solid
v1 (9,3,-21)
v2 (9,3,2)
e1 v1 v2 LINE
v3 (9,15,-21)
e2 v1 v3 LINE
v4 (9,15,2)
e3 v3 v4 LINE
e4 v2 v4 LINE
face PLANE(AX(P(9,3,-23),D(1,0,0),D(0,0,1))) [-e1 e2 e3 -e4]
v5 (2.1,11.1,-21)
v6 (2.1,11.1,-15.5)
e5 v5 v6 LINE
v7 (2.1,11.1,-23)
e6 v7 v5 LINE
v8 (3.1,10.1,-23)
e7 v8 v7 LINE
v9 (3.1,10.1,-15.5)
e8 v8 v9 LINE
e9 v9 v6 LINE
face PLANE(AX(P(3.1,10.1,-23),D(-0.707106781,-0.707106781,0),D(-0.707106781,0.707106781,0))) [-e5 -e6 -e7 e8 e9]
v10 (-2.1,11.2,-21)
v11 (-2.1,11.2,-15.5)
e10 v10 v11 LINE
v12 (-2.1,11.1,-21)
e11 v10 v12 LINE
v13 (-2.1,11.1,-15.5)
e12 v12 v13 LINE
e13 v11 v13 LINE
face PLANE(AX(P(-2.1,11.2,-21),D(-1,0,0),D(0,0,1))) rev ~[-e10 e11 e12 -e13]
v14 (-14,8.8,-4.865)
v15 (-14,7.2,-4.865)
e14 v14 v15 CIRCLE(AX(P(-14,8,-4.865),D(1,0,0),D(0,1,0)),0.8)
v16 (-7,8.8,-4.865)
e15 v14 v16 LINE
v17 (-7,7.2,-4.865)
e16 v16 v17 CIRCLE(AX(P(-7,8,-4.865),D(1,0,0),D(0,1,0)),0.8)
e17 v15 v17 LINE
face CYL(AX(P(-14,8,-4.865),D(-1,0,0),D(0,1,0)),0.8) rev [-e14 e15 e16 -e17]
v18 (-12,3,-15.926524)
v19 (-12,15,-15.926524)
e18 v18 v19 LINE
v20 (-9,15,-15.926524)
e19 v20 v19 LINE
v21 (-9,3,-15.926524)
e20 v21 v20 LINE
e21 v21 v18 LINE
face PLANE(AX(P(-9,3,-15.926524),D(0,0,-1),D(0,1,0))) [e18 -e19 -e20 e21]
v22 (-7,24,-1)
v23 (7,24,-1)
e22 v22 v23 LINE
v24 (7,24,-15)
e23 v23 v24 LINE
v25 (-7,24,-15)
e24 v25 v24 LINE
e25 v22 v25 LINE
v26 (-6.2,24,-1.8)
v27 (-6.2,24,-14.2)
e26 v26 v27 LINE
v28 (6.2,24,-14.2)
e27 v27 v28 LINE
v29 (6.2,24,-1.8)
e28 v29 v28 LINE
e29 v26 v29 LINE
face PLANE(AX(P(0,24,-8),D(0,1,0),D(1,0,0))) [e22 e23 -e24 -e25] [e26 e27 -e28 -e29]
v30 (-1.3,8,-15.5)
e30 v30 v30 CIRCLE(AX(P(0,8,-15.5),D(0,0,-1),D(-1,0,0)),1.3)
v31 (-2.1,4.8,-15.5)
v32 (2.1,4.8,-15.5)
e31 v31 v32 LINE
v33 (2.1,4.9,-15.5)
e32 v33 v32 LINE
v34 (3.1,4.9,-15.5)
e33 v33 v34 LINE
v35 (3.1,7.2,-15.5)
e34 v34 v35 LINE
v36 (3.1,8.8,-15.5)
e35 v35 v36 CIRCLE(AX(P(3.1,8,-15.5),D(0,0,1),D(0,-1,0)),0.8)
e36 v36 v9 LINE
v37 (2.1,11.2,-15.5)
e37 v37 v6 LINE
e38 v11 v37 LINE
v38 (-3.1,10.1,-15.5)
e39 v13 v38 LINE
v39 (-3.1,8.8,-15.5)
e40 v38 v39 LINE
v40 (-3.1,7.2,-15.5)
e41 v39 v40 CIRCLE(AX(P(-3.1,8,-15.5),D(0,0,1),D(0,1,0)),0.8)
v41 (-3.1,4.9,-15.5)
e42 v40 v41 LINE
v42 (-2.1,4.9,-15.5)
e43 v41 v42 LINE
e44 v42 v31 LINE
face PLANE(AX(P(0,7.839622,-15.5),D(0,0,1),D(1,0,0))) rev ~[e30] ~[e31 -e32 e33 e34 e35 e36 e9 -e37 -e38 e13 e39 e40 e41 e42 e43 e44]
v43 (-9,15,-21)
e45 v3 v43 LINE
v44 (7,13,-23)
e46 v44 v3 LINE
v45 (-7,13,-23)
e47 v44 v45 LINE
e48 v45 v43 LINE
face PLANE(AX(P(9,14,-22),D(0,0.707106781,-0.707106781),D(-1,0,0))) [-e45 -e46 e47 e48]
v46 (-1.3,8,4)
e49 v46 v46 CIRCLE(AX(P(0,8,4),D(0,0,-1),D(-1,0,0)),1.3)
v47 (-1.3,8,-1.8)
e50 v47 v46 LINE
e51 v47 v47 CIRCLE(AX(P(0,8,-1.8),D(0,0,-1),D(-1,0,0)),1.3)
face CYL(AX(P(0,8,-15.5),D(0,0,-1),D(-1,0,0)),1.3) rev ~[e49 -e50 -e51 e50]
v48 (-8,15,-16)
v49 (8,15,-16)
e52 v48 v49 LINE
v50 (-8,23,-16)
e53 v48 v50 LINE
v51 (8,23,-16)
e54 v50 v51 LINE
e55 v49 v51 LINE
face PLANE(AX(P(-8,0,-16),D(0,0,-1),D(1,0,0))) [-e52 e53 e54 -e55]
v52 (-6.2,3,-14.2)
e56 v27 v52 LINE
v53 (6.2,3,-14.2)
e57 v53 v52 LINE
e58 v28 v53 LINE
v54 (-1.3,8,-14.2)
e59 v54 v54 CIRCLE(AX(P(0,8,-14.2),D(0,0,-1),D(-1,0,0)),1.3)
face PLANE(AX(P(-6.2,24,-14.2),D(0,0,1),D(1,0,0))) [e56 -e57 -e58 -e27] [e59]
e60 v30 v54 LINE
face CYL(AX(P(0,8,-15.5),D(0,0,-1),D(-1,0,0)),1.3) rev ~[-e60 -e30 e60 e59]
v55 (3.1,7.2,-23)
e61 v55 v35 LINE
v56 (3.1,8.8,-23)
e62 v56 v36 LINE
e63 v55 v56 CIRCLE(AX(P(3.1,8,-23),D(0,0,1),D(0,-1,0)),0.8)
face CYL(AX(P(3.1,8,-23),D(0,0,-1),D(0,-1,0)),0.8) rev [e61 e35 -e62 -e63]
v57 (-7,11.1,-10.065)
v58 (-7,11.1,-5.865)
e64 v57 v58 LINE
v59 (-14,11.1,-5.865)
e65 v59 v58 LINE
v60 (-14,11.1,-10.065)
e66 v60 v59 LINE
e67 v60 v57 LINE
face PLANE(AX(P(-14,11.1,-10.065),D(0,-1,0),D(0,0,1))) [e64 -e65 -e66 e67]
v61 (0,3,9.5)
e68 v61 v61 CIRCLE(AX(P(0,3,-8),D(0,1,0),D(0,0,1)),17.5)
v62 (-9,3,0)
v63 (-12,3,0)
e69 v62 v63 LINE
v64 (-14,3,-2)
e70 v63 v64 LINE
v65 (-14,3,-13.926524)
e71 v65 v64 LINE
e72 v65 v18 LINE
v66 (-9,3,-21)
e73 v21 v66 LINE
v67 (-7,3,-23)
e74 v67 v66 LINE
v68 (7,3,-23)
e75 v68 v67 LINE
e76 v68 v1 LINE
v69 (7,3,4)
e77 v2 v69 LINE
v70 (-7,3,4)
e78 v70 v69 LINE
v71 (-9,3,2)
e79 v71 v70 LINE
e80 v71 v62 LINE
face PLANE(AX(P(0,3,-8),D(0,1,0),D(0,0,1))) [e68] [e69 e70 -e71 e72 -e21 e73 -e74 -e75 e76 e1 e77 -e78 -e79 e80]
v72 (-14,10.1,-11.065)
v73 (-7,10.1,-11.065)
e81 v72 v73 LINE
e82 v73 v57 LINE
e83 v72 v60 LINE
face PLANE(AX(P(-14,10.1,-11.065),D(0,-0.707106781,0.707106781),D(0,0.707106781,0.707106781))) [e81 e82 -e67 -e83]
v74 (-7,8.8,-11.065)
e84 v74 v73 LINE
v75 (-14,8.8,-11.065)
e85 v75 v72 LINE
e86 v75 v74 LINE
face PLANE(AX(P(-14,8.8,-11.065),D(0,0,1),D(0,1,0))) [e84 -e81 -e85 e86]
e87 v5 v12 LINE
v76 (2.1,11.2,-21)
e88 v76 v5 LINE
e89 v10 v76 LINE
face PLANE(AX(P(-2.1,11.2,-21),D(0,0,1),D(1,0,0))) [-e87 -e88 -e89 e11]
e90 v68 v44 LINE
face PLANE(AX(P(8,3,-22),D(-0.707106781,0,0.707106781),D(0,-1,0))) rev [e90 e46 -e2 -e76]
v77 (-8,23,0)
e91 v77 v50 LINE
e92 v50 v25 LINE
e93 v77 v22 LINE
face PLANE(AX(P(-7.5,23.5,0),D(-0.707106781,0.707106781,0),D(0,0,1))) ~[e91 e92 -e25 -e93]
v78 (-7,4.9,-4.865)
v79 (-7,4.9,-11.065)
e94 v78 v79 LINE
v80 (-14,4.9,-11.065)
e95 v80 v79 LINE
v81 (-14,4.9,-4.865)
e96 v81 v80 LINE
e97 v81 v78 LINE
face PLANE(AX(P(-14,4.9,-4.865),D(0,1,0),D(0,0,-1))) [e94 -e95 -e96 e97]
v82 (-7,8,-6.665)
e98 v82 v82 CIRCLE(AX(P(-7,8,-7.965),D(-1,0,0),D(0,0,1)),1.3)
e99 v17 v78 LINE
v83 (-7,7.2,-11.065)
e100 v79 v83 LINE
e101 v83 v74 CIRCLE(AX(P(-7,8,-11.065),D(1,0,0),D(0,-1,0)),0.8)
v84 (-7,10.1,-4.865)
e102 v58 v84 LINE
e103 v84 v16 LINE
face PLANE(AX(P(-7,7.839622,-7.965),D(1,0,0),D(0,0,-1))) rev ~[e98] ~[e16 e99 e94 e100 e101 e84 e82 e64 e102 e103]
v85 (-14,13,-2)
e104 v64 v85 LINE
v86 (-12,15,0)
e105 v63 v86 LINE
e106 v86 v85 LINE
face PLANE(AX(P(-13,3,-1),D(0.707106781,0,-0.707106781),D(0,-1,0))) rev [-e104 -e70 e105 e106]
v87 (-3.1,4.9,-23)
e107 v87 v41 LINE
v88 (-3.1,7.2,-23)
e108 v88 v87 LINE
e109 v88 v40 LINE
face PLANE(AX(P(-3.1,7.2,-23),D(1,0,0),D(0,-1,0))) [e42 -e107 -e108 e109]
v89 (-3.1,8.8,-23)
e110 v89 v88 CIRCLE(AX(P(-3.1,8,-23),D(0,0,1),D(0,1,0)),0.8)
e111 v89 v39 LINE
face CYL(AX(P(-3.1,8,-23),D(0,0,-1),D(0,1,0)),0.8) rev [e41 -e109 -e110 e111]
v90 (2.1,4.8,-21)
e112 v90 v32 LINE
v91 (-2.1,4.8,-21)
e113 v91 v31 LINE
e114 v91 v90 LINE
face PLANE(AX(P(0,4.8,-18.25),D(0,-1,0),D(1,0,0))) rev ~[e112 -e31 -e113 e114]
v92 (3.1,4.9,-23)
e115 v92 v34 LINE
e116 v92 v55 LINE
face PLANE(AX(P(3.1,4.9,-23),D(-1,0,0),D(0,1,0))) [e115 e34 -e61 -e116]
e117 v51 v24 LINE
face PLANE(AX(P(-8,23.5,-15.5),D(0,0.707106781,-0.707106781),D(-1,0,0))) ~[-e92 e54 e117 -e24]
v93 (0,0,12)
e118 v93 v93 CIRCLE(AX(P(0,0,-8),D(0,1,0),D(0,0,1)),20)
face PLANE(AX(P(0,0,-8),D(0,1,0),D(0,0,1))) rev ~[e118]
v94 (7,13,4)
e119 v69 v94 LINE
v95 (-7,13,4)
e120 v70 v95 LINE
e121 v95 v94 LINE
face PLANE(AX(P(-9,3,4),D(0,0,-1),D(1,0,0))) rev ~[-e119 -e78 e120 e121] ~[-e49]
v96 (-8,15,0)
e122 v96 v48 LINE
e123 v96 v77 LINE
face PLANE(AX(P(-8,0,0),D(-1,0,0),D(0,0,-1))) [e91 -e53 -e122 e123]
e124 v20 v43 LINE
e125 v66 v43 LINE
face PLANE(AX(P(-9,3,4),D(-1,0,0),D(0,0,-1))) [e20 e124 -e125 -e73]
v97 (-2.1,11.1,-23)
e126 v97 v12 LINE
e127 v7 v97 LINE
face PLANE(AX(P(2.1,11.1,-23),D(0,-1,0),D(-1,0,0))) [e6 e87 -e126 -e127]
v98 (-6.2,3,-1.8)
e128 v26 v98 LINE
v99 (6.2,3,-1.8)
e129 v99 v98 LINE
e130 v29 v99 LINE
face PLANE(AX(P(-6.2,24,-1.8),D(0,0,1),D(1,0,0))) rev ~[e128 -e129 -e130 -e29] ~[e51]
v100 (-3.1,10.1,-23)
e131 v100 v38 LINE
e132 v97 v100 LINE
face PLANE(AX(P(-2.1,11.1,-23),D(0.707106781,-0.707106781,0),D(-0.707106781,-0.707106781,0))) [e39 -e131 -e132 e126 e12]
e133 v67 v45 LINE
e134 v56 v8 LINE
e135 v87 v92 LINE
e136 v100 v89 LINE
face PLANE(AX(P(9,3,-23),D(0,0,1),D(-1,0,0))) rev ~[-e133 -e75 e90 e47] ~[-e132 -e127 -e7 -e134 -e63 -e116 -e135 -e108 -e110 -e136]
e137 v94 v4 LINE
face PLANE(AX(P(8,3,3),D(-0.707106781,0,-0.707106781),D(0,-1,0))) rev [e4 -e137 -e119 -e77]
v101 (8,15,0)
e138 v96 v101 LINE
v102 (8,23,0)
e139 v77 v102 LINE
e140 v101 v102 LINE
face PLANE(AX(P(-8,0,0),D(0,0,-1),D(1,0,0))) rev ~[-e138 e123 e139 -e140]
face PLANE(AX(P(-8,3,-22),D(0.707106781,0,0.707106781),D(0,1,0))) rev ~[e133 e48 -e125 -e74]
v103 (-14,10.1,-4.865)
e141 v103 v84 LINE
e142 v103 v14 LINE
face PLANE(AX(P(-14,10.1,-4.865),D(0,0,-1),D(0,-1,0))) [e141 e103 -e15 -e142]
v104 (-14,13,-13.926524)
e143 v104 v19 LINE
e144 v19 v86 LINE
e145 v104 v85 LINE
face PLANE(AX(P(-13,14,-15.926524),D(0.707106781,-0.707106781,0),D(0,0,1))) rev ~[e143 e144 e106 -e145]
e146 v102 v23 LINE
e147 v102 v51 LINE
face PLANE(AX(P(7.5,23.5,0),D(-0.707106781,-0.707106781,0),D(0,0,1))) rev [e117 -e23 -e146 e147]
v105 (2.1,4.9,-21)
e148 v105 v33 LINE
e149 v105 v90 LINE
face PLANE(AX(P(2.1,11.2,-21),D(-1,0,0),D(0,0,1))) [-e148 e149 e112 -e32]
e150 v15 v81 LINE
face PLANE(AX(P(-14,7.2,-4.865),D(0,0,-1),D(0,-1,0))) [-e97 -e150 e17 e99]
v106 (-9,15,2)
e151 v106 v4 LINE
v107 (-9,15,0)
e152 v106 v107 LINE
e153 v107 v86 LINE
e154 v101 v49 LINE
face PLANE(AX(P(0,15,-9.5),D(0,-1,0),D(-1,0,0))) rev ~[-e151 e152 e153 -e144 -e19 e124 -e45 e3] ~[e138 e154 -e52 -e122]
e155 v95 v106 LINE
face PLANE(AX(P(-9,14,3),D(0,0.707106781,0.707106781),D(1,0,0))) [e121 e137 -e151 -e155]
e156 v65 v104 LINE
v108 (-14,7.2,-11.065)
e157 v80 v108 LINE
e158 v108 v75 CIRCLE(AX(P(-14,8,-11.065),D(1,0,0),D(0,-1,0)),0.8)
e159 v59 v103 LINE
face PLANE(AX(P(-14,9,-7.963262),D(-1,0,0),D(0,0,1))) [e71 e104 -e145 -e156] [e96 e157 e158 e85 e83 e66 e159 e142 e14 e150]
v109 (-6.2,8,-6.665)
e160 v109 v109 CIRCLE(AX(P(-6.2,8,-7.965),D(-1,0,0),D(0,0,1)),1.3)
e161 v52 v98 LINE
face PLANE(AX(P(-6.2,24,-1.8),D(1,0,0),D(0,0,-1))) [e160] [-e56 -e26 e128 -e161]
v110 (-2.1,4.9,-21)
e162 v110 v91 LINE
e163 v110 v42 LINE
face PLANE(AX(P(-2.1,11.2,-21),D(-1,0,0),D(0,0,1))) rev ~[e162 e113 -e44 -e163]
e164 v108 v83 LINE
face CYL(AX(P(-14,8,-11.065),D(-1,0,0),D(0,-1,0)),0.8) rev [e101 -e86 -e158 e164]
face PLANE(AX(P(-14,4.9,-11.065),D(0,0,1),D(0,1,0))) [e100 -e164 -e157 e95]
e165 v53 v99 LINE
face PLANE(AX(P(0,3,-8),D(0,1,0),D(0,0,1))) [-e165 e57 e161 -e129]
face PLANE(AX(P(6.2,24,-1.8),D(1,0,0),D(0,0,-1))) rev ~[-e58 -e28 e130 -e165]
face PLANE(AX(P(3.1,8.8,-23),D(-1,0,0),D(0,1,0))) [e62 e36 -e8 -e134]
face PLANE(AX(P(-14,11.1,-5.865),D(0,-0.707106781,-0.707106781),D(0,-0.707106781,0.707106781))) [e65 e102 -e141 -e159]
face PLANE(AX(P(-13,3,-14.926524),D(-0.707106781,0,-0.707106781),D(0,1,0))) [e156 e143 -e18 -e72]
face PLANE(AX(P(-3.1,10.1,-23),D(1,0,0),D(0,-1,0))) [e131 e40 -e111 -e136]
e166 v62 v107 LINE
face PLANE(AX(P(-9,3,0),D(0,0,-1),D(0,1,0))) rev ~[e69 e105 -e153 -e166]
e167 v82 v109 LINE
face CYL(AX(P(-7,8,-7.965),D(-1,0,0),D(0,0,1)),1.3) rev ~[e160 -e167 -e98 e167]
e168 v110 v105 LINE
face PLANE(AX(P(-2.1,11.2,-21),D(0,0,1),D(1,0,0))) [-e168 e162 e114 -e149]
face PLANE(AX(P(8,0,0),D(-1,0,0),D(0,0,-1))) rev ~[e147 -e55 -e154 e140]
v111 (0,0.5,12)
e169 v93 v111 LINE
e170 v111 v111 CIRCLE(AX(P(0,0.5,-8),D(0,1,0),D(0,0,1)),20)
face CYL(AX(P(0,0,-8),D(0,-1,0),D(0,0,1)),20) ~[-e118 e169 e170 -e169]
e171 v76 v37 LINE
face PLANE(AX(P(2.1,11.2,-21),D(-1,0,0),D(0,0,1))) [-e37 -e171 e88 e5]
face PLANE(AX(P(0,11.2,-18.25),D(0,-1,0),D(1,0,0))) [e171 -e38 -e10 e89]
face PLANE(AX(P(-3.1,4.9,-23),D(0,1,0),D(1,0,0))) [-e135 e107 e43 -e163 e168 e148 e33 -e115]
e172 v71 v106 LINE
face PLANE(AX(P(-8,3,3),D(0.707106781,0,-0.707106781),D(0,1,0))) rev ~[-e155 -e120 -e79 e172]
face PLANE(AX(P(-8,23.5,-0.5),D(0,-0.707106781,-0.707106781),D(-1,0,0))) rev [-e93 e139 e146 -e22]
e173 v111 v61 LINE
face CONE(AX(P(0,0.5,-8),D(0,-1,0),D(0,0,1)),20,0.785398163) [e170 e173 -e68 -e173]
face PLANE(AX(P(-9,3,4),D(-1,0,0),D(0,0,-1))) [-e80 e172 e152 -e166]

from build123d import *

# Parameters (mm, degrees)
SKETCH1_W               = 16
SKETCH1_H               = 16
BOSS_EXTRUDE1_DEPTH     = 24
SKETCH12_W              = 12.4
SKETCH12_H              = 12.4
CUT_EXTRUDE6_DEPTH      = 22
SKETCH13_R              = 20
BOSS_EXTRUDE2_DEPTH     = 3
CHAMFER1_SIZE           = 2.5
SKETCH14_W              = 16
SKETCH14_H              = 16
BOSS_EXTRUDE3_DEPTH     = 12
CUT_EXTRUDE1_DEPTH      = 7.5
CUT_EXTRUDE5_DEPTH      = 6.3
CUT_EXTRUDE5_DEPTH_BACK = 0.1
SKETCH11_W              = 4.2
SKETCH11_H              = 5.5
CHAMFER2_SIZE           = 2
CHAMFER4_SIZE           = 2
SKETCH15_R              = 1.3
CUT_EXTRUDE7_DEPTH      = 42.620307543
CHAMFER5_SIZE           = 1
ESQUISSE3_W             = 15.926523834
ESQUISSE3_H             = 12
BOSS_EXTRU_1_DEPTH      = 5
ENL_V_MAT_EXTRU_1_DEPTH = 7
ESQUISSE5_R             = 1.3
ENL_V_MAT_EXTRU_2_DEPTH = 5
CHANFREIN2_SIZE         = 2
CHANFREIN3_SIZE         = 2
CHANFREIN4_SIZE         = 2


with BuildPart() as part:
    # Sketch1 → Boss-Extrude1 (new body)
    with BuildSketch(Plane(origin=(0, 0, 0), x_dir=(1, 0, 0), z_dir=(0, 1, 0))):
        with Locations((0, 8)):
            Rectangle(SKETCH1_W, SKETCH1_H)
    extrude(amount=BOSS_EXTRUDE1_DEPTH)

    # Sketch12 → Cut-Extrude6 (cut)
    with BuildSketch(Plane(origin=(0, 24, 0), x_dir=(1, 0, 0), z_dir=(0, 1, 0))):
        with Locations((0, 8)):
            Rectangle(SKETCH12_W, SKETCH12_H)
    extrude(amount=-CUT_EXTRUDE6_DEPTH, mode=Mode.SUBTRACT)

    # Sketch13 → Boss-Extrude2 (add)
    with BuildSketch(Plane(origin=(0, 0, 0), x_dir=(1, 0, 0), z_dir=(0, 1, 0))):
        with Locations(Location((0, 8, 0), (0, 0, 270))):
            Circle(SKETCH13_R)
    extrude(amount=BOSS_EXTRUDE2_DEPTH)

    # Chamfer1
    chamfer1_edges = [part.edges().sort_by_distance(p)[0] for p in [
        (0, 3, -28),
    ]]
    chamfer(chamfer1_edges, length=CHAMFER1_SIZE)

    # Sketch14 → Boss-Extrude3 (add)
    with BuildSketch(Plane(origin=(0, 3, 0), x_dir=(1, 0, 0), z_dir=(0, 1, 0))):
        Polygon((-8, 23), (8, 23), (9, 23), (9, -4), (8, -4), (-8, -4), (-9, -4), (-9, 23), align=None)
        with Locations((0, 8)):
            Rectangle(SKETCH14_W, SKETCH14_H, mode=Mode.SUBTRACT)
    extrude(amount=BOSS_EXTRUDE3_DEPTH)

    # Sketch5 → Cut-Extrude1 (cut)
    with BuildSketch(Plane(origin=(0, 0, -23), x_dir=(-1, 0, 0), z_dir=(0, 0, -1))):
        with BuildLine():
            Line((-2.1, 11.1), (2.1, 11.1))
            Line((2.1, 11.1), (3.1, 10.1))
            Line((3.1, 10.1), (3.1, 8.8))
            ThreePointArc((3.1, 8.8), (3.9, 8), (3.1, 7.2))
            Line((3.1, 7.2), (3.1, 4.9))
            Line((3.1, 4.9), (-3.1, 4.9))
            Line((-3.1, 4.9), (-3.1, 7.2))
            ThreePointArc((-3.1, 7.2), (-3.9, 8), (-3.1, 8.8))
            Line((-3.1, 8.8), (-3.1, 10.1))
            Line((-3.1, 10.1), (-2.1, 11.1))
        make_face()
    extrude(amount=-CUT_EXTRUDE1_DEPTH, mode=Mode.SUBTRACT)

    # Sketch11 → Cut-Extrude5 (cut, two sides: drawn at the far end of the back side and taken through both)
    with BuildSketch(Plane.XZ.offset(-11.1).offset(-CUT_EXTRUDE5_DEPTH_BACK)):
        with Locations((0, -18.25)):
            Rectangle(SKETCH11_W, SKETCH11_H)
    extrude(amount=CUT_EXTRUDE5_DEPTH + CUT_EXTRUDE5_DEPTH_BACK, mode=Mode.SUBTRACT)

    # Chamfer2
    chamfer2_edges = [part.edges().sort_by_distance(p)[0] for p in [
        (0, 15, -23),
        (9, 9, -23),
        (-9, 9, -23),
    ]]
    chamfer(chamfer2_edges, length=CHAMFER2_SIZE)

    # Chamfer4
    chamfer4_edges = [part.edges().sort_by_distance(p)[0] for p in [
        (0, 15, 4),
        (-9, 9, 4),
        (9, 9, 4),
    ]]
    chamfer(chamfer4_edges, length=CHAMFER4_SIZE)

    # Sketch15 → Cut-Extrude7 (cut, through all)
    with BuildSketch(Plane(origin=(0, 0, -15.5), x_dir=(-1, 0, 0), z_dir=(0, 0, -1))):
        with Locations((0, 8)):
            Circle(SKETCH15_R)
    extrude(amount=-CUT_EXTRUDE7_DEPTH, mode=Mode.SUBTRACT)

    # Chamfer5
    chamfer5_edges = [part.edges().sort_by_distance(p)[0] for p in [
        (0, 24, -16),
        (-8, 24, -8),
        (0, 24, 0),
        (8, 24, -8),
    ]]
    chamfer(chamfer5_edges, length=CHAMFER5_SIZE)

    # Esquisse3 → Boss.-Extru.1 (add)
    with BuildSketch(Plane.ZY.offset(9)):
        with Locations((-7.963261917, 9)):
            Rectangle(ESQUISSE3_W, ESQUISSE3_H)
    extrude(amount=BOSS_EXTRU_1_DEPTH)

    # Esquisse4 → Enlèv. mat.-Extru.1 (cut)
    with BuildSketch(Plane.ZY.offset(14)):
        with BuildLine():
            Line((-10.065, 11.1), (-5.865, 11.1))
            Line((-5.865, 11.1), (-4.865, 10.1))
            Line((-4.865, 10.1), (-4.865, 8.8))
            ThreePointArc((-4.865, 8.8), (-4.065, 8), (-4.865, 7.2))
            Line((-4.865, 7.2), (-4.865, 4.9))
            Line((-4.865, 4.9), (-11.065, 4.9))
            Line((-11.065, 4.9), (-11.065, 7.2))
            ThreePointArc((-11.065, 7.2), (-11.865, 8), (-11.065, 8.8))
            Line((-11.065, 8.8), (-11.065, 10.1))
            Line((-11.065, 10.1), (-10.065, 11.1))
        make_face()
    extrude(amount=-ENL_V_MAT_EXTRU_1_DEPTH, mode=Mode.SUBTRACT)

    # Esquisse5 → Enlèv. mat.-Extru.2 (cut)
    with BuildSketch(Plane.ZY.offset(7)):
        with Locations((-7.965, 8)):
            Circle(ESQUISSE5_R)
    extrude(amount=-ENL_V_MAT_EXTRU_2_DEPTH, mode=Mode.SUBTRACT)

    # Chanfrein2
    chanfrein2_edges = [part.edges().sort_by_distance(p)[0] for p in [
        (-14, 15, -7.963261917),
    ]]
    chamfer(chanfrein2_edges, length=CHANFREIN2_SIZE)

    # Chanfrein3
    chanfrein3_edges = [part.edges().sort_by_distance(p)[0] for p in [
        (-14, 8, 0),
    ]]
    chamfer(chanfrein3_edges, length=CHANFREIN3_SIZE)

    # Chanfrein4
    chanfrein4_edges = [part.edges().sort_by_distance(p)[0] for p in [
        (-14, 8, -15.926523834),
    ]]
    chamfer(chanfrein4_edges, length=CHANFREIN4_SIZE)


solid = part.part
